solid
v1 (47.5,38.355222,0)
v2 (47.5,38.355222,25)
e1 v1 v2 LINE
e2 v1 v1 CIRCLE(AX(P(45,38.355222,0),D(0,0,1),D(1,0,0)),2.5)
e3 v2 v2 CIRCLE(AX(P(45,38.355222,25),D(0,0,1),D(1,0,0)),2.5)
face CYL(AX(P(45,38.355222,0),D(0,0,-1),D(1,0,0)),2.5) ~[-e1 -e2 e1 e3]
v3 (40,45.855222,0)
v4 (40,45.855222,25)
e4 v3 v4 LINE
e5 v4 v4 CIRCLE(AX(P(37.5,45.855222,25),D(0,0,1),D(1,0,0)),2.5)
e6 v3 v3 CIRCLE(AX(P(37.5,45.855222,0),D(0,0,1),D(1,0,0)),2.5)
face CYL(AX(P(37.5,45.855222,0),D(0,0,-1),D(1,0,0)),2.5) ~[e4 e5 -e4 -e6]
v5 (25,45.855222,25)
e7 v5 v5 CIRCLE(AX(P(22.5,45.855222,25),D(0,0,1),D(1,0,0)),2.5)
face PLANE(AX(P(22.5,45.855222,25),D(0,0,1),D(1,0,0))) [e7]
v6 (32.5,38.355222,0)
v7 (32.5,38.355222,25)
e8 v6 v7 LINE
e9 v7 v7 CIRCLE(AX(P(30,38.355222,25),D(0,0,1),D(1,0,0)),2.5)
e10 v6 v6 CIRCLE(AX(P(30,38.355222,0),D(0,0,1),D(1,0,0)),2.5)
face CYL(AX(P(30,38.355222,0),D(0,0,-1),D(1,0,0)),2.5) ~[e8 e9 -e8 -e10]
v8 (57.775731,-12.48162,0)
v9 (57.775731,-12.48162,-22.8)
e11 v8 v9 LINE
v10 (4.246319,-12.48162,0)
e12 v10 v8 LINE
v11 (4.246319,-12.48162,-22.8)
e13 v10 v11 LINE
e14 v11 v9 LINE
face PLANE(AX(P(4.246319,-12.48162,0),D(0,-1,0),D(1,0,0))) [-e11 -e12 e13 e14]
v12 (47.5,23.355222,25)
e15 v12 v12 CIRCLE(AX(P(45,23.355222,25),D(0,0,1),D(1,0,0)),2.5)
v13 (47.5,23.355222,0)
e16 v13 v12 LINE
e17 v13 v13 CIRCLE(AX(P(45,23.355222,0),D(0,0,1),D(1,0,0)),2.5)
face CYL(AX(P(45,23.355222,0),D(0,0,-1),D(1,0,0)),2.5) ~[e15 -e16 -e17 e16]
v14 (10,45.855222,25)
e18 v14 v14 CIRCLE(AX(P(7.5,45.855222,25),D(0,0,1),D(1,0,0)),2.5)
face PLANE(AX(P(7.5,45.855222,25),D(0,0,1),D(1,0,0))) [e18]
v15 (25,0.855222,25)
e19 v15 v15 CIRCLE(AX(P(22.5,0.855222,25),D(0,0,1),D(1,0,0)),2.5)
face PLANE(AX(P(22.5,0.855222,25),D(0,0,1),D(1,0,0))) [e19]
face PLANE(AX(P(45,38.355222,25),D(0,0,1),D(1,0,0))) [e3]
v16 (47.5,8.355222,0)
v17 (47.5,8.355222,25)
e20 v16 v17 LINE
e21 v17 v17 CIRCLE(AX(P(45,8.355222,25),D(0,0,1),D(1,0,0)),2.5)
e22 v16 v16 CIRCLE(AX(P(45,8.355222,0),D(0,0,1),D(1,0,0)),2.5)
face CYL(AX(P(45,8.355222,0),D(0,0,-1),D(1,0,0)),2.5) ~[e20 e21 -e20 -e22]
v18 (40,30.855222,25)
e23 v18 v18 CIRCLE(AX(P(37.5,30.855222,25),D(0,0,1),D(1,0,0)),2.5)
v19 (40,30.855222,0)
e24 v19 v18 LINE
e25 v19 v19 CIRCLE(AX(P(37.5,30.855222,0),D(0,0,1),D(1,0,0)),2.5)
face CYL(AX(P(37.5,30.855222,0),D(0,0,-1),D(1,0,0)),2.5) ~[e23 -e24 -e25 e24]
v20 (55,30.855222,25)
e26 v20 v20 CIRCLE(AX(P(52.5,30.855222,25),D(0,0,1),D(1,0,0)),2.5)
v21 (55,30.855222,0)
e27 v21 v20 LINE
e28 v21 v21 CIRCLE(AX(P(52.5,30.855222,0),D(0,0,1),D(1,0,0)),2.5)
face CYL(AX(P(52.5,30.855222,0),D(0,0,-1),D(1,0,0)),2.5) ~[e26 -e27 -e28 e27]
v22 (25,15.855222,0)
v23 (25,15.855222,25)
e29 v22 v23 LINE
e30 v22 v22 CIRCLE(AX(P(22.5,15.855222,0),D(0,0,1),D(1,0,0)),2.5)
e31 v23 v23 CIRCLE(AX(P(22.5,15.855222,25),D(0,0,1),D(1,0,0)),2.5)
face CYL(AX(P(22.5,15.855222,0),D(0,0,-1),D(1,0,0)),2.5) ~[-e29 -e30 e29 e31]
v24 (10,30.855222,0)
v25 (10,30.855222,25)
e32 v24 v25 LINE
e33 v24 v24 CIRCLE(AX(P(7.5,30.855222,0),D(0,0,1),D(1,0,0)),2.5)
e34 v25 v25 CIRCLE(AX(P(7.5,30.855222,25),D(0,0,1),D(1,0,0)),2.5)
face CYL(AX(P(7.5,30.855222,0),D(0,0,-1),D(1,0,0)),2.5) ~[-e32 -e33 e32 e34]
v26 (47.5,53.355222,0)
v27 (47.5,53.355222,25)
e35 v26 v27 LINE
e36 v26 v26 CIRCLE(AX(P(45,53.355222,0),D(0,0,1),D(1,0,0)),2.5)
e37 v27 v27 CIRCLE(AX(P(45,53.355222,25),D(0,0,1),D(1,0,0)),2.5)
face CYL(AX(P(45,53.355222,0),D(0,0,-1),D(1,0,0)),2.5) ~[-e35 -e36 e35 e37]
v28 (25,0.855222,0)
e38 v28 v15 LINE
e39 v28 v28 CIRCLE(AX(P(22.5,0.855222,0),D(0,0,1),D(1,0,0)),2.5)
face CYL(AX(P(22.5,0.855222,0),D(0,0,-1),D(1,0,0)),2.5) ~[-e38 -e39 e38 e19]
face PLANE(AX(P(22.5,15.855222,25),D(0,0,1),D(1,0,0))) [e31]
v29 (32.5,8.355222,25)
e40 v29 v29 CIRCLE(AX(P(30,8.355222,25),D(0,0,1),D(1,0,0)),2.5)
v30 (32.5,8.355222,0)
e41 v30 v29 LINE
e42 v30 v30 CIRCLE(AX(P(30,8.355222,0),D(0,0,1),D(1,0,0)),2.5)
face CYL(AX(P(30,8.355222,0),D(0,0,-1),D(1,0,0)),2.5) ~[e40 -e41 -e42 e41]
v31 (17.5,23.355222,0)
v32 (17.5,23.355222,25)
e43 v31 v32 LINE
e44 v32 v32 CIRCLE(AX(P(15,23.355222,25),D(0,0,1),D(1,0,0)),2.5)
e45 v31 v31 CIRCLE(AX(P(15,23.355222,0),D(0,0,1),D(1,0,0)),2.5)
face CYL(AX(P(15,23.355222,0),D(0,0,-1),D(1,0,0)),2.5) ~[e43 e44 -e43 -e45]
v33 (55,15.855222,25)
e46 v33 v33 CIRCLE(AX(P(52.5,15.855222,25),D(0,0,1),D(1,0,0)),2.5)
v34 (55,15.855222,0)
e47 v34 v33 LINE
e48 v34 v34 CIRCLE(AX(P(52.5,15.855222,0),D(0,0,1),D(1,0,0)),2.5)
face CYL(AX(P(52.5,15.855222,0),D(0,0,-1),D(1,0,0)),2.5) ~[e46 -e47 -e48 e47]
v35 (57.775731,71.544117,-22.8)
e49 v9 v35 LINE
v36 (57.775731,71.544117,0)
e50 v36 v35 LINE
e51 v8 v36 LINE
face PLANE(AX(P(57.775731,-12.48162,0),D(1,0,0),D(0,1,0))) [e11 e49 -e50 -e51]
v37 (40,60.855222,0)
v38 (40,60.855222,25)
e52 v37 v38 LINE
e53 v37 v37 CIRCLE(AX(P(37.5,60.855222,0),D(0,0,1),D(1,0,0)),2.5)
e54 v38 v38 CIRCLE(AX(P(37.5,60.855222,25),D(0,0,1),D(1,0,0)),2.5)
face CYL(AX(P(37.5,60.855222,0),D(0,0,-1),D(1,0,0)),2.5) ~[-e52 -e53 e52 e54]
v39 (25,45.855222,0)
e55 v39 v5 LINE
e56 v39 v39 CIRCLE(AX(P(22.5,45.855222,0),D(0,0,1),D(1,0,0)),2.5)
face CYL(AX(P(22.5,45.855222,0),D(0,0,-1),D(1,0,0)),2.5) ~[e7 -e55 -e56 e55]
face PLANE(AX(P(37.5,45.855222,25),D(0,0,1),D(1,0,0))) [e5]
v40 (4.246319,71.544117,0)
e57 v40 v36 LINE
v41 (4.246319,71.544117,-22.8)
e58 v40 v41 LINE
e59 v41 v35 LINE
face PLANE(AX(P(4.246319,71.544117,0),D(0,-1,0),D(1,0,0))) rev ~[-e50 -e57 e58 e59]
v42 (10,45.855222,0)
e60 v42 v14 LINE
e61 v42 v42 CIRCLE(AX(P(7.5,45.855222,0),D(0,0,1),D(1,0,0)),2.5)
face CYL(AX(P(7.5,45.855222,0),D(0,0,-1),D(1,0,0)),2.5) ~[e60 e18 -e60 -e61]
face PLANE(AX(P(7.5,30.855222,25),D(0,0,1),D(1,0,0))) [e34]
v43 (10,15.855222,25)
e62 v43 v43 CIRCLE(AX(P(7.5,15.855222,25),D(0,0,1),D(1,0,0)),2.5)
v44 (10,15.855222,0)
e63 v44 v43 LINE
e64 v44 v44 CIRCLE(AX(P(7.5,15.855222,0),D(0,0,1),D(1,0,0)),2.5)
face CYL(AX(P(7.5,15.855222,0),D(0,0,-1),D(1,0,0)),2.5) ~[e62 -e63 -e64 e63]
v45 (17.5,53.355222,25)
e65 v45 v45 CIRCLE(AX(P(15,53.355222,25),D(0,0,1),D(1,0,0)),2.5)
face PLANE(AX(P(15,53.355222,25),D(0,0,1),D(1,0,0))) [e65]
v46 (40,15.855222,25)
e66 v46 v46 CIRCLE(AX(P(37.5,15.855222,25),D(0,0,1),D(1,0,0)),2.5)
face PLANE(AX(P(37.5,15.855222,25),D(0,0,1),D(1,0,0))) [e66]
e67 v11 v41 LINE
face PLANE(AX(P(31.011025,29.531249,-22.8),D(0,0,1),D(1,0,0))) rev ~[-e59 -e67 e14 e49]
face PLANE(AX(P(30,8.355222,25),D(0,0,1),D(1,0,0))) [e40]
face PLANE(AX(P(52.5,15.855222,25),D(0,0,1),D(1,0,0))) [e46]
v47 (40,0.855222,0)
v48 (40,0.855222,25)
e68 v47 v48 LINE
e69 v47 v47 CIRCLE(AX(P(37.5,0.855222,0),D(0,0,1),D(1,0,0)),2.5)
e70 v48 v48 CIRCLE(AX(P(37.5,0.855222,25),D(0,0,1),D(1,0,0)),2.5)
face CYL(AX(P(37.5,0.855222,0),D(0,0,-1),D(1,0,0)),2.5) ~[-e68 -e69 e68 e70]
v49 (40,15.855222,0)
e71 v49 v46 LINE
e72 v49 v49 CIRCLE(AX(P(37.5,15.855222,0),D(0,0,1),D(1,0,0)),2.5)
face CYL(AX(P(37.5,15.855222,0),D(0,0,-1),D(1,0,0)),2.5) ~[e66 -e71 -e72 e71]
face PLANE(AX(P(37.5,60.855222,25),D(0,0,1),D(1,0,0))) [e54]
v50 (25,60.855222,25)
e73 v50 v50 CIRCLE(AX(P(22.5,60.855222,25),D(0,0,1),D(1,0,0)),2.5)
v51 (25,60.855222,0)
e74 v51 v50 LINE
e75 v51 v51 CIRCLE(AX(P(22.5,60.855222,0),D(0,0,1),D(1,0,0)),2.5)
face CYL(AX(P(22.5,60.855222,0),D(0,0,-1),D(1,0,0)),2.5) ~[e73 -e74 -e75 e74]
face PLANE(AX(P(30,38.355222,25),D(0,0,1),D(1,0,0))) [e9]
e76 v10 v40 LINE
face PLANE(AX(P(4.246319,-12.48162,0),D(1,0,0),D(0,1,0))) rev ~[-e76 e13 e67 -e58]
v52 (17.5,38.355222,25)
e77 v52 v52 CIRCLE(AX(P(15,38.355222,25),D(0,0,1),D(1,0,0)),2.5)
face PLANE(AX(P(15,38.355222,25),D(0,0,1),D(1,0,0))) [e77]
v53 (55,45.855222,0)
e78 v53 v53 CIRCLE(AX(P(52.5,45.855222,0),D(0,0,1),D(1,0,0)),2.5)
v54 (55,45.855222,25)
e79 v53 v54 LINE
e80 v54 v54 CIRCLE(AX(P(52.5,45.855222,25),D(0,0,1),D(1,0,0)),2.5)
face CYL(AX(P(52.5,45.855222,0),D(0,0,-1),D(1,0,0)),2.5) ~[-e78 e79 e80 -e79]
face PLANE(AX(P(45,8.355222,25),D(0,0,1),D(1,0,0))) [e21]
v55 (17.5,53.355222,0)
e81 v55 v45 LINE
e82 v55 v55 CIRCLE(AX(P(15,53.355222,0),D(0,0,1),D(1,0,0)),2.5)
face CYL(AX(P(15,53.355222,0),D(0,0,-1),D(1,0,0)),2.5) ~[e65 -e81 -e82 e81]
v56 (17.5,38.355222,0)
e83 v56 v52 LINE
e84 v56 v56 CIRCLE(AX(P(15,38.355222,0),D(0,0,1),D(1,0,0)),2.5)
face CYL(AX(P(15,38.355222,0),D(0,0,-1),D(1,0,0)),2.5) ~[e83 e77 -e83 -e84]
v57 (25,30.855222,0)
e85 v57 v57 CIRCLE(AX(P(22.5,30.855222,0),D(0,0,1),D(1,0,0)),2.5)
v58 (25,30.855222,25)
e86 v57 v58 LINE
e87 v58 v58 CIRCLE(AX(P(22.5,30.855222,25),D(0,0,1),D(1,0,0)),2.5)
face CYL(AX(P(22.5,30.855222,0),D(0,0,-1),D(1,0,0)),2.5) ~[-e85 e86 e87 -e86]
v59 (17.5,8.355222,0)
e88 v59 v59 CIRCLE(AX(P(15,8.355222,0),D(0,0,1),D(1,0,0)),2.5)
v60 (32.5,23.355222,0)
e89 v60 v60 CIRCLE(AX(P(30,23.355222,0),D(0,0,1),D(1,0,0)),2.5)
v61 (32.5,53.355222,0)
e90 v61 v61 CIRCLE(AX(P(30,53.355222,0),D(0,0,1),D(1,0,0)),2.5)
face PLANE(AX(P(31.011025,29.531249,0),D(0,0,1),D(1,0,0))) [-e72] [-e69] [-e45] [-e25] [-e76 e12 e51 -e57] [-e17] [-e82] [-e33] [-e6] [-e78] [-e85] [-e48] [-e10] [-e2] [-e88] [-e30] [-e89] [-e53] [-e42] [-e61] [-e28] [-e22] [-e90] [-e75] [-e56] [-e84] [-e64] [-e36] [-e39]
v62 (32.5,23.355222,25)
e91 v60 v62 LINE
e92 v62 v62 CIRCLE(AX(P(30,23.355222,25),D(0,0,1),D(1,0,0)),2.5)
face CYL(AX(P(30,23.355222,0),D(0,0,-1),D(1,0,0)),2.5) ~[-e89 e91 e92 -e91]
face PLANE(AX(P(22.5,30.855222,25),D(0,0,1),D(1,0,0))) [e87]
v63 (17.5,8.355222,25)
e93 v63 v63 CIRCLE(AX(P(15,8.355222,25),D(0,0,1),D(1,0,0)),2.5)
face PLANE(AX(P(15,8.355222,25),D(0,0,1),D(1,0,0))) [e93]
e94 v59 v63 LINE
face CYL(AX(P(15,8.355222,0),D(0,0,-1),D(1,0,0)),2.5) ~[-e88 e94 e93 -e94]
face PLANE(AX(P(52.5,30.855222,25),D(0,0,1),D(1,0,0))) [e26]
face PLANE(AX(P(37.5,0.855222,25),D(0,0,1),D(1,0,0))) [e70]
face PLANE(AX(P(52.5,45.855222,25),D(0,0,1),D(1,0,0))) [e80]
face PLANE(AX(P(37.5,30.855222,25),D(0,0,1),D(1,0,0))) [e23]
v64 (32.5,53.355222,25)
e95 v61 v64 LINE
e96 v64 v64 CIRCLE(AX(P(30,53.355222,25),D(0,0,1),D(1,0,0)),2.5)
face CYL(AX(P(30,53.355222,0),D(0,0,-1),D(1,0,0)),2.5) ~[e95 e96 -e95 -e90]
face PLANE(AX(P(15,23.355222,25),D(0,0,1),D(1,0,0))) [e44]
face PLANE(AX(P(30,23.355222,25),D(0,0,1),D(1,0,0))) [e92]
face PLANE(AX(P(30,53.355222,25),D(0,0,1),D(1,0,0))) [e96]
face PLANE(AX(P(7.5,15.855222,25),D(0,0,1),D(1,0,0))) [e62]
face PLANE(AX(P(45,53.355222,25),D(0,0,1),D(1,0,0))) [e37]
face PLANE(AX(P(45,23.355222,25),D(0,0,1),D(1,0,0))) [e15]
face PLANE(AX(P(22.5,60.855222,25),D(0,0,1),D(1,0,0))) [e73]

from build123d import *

# Parameters (mm, degrees)
F0_R     = 2.5
F1_DEPTH = 25
F2_W     = 53.529413
F2_H     = 84.025737
F3_DEPTH = 22.8


with BuildPart() as f1:
    # F0 (on Top) → F1 (new body)
    with BuildSketch(Plane.XY):
        with Locations((22.5, 60.855222)):
            Circle(F0_R)
        with Locations((30, 53.355222)):
            Circle(F0_R)
        with Locations((30, 23.355222)):
            Circle(F0_R)
        with Locations((30, 8.355222)):
            Circle(F0_R)
        with Locations((22.5, 30.855222)):
            Circle(F0_R)
        with Locations((37.5, 60.855222)):
            Circle(F0_R)
        with Locations((22.5, 15.855222)):
            Circle(F0_R)
        with Locations((22.5, 0.855222)):
            Circle(F0_R)
        with Locations((37.5, 45.855222)):
            Circle(F0_R)
        with Locations((37.5, 15.855222)):
            Circle(F0_R)
        with Locations((22.5, 45.855222)):
            Circle(F0_R)
        with Locations((30, 38.355222)):
            Circle(F0_R)
        with Locations((37.5, 30.855222)):
            Circle(F0_R)
        with Locations((45, 53.355222)):
            Circle(F0_R)
        with Locations((45, 38.355222)):
            Circle(F0_R)
        with Locations((45, 23.355222)):
            Circle(F0_R)
        with Locations((37.5, 0.855222)):
            Circle(F0_R)
        with Locations((45, 8.355222)):
            Circle(F0_R)
        with Locations((52.5, 15.855222)):
            Circle(F0_R)
        with Locations((52.5, 30.855222)):
            Circle(F0_R)
        with Locations((52.5, 45.855222)):
            Circle(F0_R)
        with Locations((15, 53.355222)):
            Circle(F0_R)
        with Locations((15, 38.355222)):
            Circle(F0_R)
        with Locations((15, 23.355222)):
            Circle(F0_R)
        with Locations((15, 8.355222)):
            Circle(F0_R)
        with Locations((7.5, 15.855222)):
            Circle(F0_R)
        with Locations((7.5, 30.855222)):
            Circle(F0_R)
        with Locations((7.5, 45.855222)):
            Circle(F0_R)
    extrude(amount=F1_DEPTH)

    # F2 (on Top) → F3 (join)
    with BuildSketch(Plane.XY):
        with Locations((31.011025, 29.531249)):
            Rectangle(F2_W, F2_H)
    extrude(amount=-F3_DEPTH)


solid = f1.part
